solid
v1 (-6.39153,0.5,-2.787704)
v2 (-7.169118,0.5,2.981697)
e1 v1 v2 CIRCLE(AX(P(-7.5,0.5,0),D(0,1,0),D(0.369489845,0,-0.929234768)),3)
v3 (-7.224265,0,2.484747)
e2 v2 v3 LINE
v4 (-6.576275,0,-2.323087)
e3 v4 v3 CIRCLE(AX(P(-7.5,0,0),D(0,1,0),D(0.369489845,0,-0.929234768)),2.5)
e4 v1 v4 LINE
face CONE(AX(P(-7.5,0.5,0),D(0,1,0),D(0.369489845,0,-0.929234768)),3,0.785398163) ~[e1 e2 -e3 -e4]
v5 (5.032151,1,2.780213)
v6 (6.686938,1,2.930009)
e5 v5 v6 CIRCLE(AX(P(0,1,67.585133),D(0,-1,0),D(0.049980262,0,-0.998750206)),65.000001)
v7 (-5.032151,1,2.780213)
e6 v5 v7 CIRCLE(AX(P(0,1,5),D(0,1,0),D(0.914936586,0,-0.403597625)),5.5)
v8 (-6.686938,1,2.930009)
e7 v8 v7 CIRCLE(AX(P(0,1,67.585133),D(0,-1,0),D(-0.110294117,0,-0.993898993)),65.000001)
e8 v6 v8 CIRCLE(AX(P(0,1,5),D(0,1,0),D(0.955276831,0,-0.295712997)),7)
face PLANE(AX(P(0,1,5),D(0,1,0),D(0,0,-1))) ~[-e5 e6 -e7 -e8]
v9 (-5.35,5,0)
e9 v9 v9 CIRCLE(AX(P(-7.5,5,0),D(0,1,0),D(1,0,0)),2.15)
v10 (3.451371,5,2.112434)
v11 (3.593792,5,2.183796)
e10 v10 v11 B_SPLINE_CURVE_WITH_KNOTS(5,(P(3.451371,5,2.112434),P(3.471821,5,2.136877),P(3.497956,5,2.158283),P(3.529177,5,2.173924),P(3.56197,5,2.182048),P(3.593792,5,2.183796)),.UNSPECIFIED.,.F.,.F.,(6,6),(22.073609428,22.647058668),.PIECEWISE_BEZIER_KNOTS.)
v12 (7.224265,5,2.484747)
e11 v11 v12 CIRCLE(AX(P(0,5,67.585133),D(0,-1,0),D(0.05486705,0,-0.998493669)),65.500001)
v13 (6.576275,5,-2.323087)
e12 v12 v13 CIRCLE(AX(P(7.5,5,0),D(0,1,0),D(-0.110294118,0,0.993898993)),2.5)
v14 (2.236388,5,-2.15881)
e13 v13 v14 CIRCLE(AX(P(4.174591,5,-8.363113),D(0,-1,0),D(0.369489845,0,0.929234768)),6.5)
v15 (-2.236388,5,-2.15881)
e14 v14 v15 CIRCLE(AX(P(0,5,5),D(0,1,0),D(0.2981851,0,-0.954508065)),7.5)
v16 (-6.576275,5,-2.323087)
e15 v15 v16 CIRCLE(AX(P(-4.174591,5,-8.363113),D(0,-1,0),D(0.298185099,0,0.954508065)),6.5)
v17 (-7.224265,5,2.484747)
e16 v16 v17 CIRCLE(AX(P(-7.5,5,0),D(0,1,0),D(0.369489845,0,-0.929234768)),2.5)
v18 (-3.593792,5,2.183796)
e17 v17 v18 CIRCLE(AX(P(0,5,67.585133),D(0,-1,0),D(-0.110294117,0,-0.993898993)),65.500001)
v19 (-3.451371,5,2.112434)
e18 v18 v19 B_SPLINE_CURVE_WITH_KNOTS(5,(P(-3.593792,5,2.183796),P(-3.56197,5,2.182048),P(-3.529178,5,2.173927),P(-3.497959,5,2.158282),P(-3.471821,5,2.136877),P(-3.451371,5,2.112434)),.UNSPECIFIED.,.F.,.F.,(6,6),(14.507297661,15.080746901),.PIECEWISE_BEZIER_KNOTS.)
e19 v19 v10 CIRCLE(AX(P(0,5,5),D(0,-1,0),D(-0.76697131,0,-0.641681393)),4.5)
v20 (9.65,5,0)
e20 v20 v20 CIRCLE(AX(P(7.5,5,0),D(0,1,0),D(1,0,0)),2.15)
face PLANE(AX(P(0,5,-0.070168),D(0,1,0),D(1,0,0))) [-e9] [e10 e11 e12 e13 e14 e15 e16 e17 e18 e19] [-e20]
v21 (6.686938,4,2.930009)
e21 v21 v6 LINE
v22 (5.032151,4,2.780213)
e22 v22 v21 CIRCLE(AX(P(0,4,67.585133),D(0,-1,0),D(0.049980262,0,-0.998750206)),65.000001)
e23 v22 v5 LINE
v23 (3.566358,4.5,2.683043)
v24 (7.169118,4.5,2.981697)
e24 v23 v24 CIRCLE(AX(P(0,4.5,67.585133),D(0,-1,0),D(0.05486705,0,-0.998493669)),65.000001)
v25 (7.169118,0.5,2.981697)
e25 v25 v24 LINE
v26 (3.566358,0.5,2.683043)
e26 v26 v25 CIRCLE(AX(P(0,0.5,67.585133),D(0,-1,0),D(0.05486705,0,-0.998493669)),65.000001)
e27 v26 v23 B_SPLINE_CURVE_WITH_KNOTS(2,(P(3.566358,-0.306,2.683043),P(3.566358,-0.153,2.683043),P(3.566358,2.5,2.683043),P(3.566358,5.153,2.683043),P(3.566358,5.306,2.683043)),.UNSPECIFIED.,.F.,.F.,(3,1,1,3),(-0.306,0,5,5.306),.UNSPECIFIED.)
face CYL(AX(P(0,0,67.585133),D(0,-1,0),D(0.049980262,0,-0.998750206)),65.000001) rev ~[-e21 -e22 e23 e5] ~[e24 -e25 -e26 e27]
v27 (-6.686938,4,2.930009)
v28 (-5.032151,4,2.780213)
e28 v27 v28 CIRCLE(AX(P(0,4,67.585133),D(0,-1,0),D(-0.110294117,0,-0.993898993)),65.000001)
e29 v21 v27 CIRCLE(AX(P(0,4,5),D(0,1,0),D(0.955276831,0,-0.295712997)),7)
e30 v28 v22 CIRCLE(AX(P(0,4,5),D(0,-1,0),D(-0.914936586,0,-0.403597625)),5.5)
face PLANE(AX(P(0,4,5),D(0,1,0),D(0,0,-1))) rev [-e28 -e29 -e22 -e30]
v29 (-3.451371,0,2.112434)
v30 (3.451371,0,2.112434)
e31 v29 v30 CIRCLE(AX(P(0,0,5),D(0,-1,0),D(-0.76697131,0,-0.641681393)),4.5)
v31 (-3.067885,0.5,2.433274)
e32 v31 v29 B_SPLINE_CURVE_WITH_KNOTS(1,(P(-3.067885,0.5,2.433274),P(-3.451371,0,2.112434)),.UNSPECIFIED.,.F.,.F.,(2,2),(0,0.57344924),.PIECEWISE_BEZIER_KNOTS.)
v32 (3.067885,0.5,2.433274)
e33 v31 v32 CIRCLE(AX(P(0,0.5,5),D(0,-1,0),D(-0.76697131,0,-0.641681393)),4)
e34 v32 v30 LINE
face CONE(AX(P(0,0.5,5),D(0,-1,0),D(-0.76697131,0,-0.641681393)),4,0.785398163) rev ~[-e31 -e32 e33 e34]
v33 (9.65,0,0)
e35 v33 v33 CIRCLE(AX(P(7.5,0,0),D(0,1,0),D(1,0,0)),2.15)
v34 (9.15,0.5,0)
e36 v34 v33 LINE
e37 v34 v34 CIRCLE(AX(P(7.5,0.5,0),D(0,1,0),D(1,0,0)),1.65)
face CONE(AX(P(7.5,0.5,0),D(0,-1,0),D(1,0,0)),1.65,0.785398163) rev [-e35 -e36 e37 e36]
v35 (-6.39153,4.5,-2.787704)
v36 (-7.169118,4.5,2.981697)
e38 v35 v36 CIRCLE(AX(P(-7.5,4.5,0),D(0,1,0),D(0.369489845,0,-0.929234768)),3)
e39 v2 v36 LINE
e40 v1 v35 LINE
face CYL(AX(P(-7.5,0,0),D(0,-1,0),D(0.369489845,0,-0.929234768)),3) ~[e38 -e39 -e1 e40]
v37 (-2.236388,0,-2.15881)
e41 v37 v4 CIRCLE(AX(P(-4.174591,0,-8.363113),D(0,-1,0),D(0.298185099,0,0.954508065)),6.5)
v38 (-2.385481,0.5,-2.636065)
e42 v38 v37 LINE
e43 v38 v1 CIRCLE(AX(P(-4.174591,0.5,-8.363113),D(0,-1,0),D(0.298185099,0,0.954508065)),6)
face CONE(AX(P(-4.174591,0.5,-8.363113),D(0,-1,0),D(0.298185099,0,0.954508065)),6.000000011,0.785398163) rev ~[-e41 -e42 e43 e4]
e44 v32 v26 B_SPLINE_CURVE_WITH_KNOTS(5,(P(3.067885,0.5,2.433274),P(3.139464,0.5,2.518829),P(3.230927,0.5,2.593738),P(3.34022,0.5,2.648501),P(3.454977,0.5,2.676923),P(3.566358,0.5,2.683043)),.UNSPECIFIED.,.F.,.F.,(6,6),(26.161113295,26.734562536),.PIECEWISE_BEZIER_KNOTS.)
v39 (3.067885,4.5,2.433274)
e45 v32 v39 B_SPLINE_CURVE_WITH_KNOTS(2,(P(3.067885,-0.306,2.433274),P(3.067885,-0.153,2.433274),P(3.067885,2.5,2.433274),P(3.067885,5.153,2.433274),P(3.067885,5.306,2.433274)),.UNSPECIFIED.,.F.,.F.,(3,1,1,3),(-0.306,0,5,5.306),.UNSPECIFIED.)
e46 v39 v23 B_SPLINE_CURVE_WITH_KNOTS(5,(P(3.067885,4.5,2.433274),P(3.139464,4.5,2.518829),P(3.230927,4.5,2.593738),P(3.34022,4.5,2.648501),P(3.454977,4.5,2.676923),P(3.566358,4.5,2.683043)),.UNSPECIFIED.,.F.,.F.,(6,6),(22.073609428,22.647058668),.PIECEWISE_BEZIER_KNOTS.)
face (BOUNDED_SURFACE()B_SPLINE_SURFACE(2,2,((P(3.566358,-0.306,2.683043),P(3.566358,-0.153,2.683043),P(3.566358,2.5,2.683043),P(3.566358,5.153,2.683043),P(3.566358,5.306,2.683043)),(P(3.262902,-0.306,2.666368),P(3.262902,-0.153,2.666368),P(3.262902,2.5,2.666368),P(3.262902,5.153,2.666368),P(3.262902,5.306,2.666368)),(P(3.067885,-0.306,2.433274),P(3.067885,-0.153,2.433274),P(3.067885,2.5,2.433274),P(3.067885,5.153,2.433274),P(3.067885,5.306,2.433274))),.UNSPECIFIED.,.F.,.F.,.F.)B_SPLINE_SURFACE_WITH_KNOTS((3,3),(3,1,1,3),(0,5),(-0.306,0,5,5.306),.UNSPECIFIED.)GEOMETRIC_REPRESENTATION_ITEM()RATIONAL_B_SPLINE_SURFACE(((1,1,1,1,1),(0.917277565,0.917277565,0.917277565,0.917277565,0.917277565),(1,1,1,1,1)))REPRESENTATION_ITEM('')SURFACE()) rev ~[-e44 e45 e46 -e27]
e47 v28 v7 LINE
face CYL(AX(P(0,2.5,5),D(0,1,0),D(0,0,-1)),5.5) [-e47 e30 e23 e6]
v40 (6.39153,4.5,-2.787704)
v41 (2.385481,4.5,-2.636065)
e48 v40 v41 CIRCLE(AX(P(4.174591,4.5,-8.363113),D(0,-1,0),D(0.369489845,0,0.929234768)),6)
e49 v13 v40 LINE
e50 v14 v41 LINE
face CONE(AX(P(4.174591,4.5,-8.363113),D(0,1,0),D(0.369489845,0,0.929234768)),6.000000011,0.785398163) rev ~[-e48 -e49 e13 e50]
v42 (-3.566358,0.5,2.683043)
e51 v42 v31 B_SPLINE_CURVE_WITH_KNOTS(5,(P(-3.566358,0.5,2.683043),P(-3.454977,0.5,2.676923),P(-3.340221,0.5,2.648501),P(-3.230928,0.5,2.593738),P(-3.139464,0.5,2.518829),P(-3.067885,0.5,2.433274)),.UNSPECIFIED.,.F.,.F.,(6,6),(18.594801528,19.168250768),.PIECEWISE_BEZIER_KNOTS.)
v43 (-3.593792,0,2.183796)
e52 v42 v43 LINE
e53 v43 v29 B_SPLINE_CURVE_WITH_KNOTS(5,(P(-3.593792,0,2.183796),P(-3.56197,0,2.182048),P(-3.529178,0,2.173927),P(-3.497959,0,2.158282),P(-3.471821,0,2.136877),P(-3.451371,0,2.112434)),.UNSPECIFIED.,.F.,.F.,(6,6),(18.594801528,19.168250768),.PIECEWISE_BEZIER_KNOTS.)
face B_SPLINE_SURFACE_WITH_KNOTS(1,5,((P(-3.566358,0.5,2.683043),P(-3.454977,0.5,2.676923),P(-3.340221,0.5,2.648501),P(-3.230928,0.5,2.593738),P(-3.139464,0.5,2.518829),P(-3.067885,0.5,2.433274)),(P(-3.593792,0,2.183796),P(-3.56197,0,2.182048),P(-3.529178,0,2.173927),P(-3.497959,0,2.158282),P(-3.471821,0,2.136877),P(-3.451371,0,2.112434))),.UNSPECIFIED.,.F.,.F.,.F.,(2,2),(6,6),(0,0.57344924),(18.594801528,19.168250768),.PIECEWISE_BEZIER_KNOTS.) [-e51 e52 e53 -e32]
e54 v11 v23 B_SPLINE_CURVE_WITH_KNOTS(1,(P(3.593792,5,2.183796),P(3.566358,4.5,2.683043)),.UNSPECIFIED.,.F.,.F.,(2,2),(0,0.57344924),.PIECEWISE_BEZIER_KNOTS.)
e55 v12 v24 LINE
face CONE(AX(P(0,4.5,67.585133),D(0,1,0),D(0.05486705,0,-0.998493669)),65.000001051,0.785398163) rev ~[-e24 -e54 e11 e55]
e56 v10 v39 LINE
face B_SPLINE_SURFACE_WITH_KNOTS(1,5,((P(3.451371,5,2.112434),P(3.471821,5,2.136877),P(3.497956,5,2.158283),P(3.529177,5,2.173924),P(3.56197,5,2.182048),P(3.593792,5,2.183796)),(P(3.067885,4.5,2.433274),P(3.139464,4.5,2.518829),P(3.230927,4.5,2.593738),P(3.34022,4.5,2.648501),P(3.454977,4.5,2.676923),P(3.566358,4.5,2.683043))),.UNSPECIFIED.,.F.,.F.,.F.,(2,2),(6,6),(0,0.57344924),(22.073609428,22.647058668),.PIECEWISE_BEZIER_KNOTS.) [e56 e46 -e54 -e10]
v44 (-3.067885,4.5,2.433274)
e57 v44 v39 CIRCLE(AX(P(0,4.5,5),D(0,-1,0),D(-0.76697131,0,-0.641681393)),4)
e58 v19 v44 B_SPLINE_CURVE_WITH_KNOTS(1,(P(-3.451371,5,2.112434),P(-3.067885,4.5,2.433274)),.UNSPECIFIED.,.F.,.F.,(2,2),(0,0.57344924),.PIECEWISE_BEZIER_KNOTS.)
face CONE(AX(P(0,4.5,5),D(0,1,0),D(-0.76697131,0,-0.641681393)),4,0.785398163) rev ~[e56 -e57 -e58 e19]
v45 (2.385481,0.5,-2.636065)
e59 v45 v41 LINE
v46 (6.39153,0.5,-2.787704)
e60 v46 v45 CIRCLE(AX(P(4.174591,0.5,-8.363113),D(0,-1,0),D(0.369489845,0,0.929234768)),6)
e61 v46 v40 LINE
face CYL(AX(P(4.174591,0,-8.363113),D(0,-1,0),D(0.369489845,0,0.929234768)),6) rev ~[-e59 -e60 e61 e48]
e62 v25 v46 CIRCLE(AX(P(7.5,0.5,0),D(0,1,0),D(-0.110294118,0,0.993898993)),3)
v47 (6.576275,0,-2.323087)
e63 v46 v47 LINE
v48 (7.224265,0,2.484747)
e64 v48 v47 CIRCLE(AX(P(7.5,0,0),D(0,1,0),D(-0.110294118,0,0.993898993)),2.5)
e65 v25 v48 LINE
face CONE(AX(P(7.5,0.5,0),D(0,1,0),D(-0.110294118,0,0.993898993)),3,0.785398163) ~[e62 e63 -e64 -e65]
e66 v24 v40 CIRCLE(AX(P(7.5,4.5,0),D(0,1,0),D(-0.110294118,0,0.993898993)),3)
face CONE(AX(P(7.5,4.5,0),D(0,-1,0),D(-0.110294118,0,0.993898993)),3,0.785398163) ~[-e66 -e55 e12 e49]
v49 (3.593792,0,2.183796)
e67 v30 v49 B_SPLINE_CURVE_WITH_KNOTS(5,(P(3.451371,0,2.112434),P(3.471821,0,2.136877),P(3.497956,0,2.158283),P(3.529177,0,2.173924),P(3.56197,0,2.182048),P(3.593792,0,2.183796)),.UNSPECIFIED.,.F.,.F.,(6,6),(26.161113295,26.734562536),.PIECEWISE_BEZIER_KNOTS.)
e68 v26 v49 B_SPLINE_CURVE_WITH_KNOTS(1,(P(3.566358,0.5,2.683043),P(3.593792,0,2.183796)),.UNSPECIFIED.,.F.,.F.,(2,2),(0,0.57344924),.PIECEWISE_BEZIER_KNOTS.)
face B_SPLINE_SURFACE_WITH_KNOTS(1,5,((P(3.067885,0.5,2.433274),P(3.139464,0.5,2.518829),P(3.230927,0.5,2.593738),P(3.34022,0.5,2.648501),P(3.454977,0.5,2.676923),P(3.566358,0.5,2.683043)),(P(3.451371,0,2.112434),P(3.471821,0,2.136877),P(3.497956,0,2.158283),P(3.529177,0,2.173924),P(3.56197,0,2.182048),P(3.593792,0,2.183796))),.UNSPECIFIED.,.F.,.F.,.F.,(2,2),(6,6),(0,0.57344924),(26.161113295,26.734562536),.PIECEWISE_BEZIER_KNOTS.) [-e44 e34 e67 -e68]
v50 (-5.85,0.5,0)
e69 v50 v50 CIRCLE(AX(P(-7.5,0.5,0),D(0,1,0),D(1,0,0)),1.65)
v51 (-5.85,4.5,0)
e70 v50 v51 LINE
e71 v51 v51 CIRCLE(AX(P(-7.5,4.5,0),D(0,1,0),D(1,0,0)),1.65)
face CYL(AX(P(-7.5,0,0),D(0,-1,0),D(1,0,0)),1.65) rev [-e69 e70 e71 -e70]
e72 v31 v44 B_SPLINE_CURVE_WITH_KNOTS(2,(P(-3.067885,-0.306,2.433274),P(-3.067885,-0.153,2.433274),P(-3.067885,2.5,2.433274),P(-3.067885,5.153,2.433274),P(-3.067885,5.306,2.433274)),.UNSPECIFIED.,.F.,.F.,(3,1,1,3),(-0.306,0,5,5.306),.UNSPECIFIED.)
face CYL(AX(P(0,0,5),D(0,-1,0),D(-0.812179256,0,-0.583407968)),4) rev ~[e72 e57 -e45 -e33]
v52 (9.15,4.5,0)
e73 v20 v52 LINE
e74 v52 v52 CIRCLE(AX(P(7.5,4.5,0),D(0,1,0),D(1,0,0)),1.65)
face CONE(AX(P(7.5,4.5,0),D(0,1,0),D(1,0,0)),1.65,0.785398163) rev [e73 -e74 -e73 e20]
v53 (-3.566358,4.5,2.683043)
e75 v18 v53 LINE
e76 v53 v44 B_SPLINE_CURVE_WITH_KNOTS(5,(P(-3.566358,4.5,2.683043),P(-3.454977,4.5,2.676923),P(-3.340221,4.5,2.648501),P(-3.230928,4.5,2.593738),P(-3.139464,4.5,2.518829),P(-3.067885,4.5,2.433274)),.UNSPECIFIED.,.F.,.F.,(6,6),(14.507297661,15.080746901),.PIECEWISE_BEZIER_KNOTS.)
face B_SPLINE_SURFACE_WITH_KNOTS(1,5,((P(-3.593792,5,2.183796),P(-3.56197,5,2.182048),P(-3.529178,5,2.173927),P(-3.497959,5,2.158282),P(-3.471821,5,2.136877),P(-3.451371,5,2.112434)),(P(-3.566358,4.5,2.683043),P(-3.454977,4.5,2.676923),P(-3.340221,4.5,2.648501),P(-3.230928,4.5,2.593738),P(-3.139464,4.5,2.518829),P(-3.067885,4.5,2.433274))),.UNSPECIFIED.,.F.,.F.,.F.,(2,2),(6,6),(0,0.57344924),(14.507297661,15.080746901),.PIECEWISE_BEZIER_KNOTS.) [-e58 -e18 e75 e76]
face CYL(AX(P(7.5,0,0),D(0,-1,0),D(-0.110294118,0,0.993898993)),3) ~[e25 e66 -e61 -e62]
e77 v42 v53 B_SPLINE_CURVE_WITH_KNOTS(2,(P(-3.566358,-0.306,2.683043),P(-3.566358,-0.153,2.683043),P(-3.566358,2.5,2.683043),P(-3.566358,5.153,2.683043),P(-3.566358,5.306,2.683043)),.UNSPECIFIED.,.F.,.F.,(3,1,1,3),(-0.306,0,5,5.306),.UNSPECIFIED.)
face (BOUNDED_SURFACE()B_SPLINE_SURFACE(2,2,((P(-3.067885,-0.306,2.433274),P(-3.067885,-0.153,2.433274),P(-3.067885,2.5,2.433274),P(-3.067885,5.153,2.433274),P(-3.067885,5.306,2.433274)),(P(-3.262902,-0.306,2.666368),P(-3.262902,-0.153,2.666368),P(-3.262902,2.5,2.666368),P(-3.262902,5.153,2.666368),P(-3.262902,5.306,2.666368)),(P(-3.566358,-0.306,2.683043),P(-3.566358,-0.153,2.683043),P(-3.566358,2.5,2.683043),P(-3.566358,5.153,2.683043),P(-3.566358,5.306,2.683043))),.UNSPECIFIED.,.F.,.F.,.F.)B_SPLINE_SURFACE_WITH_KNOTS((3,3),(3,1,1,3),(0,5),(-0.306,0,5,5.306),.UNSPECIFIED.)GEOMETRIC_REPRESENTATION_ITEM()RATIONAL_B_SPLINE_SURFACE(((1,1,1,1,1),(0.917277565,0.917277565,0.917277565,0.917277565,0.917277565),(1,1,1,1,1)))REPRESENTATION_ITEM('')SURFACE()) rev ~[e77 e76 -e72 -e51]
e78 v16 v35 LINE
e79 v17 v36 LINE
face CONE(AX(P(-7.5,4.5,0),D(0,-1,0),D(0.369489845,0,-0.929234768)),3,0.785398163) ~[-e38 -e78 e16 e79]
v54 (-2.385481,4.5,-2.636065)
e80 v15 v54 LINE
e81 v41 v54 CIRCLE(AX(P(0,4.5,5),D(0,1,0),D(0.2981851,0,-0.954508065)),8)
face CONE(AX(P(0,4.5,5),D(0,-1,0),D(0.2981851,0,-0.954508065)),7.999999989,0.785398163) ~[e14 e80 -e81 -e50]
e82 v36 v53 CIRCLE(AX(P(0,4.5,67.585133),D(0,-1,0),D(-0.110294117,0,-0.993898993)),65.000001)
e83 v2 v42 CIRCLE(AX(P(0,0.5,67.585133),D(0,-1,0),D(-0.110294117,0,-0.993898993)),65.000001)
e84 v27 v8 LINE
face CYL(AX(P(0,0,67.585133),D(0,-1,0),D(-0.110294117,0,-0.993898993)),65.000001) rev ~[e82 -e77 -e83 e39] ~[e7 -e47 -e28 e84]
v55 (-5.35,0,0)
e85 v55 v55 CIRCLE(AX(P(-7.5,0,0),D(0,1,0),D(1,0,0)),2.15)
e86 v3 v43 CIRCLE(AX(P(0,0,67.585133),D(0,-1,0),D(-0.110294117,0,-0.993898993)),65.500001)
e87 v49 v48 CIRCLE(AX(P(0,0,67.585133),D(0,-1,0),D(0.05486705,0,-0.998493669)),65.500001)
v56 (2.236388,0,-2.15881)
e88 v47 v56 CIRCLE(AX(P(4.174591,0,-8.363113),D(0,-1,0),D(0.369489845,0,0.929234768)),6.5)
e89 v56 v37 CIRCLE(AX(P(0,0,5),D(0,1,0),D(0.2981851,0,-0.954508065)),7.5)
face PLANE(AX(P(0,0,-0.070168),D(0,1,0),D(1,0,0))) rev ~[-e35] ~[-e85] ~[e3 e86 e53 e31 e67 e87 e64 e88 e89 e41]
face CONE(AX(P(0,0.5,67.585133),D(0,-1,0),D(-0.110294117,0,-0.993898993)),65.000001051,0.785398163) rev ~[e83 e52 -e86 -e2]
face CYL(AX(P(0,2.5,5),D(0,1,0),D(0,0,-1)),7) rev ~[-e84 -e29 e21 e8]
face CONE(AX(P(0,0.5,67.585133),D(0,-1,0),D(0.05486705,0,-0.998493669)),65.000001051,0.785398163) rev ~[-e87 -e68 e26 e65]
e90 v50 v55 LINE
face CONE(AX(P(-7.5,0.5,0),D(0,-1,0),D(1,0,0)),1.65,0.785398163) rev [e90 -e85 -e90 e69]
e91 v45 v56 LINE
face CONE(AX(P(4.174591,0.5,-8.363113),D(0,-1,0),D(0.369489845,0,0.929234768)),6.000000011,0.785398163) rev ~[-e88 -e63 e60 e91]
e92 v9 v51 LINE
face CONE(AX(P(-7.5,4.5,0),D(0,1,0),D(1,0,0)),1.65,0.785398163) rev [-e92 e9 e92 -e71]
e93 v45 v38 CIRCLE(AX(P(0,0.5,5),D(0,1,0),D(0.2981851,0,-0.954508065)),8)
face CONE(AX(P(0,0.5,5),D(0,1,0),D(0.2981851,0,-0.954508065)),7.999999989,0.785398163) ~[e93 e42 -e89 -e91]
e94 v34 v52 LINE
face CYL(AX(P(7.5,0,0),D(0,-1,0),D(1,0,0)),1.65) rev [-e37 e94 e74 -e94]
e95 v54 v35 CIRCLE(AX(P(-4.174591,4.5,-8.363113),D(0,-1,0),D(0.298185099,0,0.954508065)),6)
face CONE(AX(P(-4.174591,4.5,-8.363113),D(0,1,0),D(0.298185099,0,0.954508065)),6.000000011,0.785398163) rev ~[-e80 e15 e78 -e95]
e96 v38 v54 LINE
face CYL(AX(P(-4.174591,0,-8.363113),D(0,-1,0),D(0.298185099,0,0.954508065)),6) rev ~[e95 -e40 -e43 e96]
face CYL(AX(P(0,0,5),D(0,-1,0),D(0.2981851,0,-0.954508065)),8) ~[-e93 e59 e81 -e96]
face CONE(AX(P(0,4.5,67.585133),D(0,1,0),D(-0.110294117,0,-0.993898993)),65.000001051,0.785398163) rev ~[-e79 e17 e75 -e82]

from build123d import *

# Parameters (mm, degrees)
SKETCH1_R           = 1.65
BOSS_EXTRUDE1_DEPTH = 5
SKETCH2_W           = 1.5
SKETCH2_H           = 3
FILLET1_R           = 0.7
CHAMFER1_SIZE       = 0.5


with BuildPart() as part:
    # Sketch1 → Boss-Extrude1 (new body)
    with BuildSketch(Plane(origin=(0, 0, 0), x_dir=(1, 0, 0), z_dir=(0, 1, 0))):
        with BuildLine():
            ThreePointArc((-6.391530464, 2.787704304), (-10.473118103, 0.400710302), (-7.169117647, -2.981696978))
            ThreePointArc((-7.169117647, -2.981696978), (-5.211302896, -2.794373502), (-3.248717022, -2.666368129))
            ThreePointArc((-3.248717022, -2.666368129), (0, -1), (3.248717022, -2.666368129))
            ThreePointArc((3.248717022, -2.666368129), (5.211302896, -2.794373502), (7.169117647, -2.981696978))
            ThreePointArc((7.169117647, -2.981696978), (10.473118103, 0.400710302), (6.391530464, 2.787704304))
            ThreePointArc((6.391530464, 2.787704304), (4.401545037, 2.367406779), (2.385480795, 2.636064521))
            ThreePointArc((2.385480795, 2.636064521), (0, 3), (-2.385480795, 2.636064521))
            ThreePointArc((-2.385480795, 2.636064521), (-4.401545037, 2.367406779), (-6.391530464, 2.787704304))
        make_face()
        with Locations((-7.5, 0)):
            Circle(SKETCH1_R, mode=Mode.SUBTRACT)
        with Locations((7.5, 0)):
            Circle(SKETCH1_R, mode=Mode.SUBTRACT)
    extrude(amount=BOSS_EXTRUDE1_DEPTH)

    # Sketch2 → Cut-Revolve1 (revolve, cut)
    with BuildSketch(Plane(origin=(0, 0, 0), x_dir=(0, 0, -1), z_dir=(1, 0, 0))):
        with Locations((1.25, 2.5)):
            Rectangle(SKETCH2_W, SKETCH2_H)
    revolve(axis=Axis((0, 0, 5), (0, 1, 0)), mode=Mode.SUBTRACT)

    # Fillet1
    fillet1_edges = [part.edges().sort_by_distance(p)[0] for p in [
        (3.248717022, 2.5, 2.666368129),
        (-3.248717022, 2.5, 2.666368129),
    ]]
    fillet(fillet1_edges, radius=FILLET1_R)

    # Chamfer1
    chamfer1_edges = [part.edges().sort_by_distance(p)[0] for p in [
        (-4.401545037, 0, -2.367406779),
        (0, 0, -3),
        (-9.15, 5, 0),
        (4.401545037, 0, -2.367406779),
        (10.473118103, 0, -0.400710302),
        (-5.369814622, 0, 2.80731824),
        (-10.473118103, 0, -0.400710302),
        (-9.15, 0, 0),
        (5.85, 0, 0),
        (-10.473118103, 5, -0.400710302),
        (-5.369814622, 5, 2.80731824),
        (10.473118103, 5, -0.400710302),
        (4.401545037, 5, -2.367406779),
        (5.369814622, 0, 2.80731824),
        (0, 5, -3),
        (5.369814622, 5, 2.80731824),
        (0, 0, 1),
        (-3.29118131, 0, 2.609929037),
        (3.29118131, 0, 2.609929037),
        (0, 5, 1),
        (-4.401545037, 5, -2.367406779),
        (-3.29118131, 5, 2.609929037),
        (3.29118131, 5, 2.609929037),
        (5.85, 5, 0),
    ]]
    chamfer(chamfer1_edges, length=CHAMFER1_SIZE)


solid = part.part
